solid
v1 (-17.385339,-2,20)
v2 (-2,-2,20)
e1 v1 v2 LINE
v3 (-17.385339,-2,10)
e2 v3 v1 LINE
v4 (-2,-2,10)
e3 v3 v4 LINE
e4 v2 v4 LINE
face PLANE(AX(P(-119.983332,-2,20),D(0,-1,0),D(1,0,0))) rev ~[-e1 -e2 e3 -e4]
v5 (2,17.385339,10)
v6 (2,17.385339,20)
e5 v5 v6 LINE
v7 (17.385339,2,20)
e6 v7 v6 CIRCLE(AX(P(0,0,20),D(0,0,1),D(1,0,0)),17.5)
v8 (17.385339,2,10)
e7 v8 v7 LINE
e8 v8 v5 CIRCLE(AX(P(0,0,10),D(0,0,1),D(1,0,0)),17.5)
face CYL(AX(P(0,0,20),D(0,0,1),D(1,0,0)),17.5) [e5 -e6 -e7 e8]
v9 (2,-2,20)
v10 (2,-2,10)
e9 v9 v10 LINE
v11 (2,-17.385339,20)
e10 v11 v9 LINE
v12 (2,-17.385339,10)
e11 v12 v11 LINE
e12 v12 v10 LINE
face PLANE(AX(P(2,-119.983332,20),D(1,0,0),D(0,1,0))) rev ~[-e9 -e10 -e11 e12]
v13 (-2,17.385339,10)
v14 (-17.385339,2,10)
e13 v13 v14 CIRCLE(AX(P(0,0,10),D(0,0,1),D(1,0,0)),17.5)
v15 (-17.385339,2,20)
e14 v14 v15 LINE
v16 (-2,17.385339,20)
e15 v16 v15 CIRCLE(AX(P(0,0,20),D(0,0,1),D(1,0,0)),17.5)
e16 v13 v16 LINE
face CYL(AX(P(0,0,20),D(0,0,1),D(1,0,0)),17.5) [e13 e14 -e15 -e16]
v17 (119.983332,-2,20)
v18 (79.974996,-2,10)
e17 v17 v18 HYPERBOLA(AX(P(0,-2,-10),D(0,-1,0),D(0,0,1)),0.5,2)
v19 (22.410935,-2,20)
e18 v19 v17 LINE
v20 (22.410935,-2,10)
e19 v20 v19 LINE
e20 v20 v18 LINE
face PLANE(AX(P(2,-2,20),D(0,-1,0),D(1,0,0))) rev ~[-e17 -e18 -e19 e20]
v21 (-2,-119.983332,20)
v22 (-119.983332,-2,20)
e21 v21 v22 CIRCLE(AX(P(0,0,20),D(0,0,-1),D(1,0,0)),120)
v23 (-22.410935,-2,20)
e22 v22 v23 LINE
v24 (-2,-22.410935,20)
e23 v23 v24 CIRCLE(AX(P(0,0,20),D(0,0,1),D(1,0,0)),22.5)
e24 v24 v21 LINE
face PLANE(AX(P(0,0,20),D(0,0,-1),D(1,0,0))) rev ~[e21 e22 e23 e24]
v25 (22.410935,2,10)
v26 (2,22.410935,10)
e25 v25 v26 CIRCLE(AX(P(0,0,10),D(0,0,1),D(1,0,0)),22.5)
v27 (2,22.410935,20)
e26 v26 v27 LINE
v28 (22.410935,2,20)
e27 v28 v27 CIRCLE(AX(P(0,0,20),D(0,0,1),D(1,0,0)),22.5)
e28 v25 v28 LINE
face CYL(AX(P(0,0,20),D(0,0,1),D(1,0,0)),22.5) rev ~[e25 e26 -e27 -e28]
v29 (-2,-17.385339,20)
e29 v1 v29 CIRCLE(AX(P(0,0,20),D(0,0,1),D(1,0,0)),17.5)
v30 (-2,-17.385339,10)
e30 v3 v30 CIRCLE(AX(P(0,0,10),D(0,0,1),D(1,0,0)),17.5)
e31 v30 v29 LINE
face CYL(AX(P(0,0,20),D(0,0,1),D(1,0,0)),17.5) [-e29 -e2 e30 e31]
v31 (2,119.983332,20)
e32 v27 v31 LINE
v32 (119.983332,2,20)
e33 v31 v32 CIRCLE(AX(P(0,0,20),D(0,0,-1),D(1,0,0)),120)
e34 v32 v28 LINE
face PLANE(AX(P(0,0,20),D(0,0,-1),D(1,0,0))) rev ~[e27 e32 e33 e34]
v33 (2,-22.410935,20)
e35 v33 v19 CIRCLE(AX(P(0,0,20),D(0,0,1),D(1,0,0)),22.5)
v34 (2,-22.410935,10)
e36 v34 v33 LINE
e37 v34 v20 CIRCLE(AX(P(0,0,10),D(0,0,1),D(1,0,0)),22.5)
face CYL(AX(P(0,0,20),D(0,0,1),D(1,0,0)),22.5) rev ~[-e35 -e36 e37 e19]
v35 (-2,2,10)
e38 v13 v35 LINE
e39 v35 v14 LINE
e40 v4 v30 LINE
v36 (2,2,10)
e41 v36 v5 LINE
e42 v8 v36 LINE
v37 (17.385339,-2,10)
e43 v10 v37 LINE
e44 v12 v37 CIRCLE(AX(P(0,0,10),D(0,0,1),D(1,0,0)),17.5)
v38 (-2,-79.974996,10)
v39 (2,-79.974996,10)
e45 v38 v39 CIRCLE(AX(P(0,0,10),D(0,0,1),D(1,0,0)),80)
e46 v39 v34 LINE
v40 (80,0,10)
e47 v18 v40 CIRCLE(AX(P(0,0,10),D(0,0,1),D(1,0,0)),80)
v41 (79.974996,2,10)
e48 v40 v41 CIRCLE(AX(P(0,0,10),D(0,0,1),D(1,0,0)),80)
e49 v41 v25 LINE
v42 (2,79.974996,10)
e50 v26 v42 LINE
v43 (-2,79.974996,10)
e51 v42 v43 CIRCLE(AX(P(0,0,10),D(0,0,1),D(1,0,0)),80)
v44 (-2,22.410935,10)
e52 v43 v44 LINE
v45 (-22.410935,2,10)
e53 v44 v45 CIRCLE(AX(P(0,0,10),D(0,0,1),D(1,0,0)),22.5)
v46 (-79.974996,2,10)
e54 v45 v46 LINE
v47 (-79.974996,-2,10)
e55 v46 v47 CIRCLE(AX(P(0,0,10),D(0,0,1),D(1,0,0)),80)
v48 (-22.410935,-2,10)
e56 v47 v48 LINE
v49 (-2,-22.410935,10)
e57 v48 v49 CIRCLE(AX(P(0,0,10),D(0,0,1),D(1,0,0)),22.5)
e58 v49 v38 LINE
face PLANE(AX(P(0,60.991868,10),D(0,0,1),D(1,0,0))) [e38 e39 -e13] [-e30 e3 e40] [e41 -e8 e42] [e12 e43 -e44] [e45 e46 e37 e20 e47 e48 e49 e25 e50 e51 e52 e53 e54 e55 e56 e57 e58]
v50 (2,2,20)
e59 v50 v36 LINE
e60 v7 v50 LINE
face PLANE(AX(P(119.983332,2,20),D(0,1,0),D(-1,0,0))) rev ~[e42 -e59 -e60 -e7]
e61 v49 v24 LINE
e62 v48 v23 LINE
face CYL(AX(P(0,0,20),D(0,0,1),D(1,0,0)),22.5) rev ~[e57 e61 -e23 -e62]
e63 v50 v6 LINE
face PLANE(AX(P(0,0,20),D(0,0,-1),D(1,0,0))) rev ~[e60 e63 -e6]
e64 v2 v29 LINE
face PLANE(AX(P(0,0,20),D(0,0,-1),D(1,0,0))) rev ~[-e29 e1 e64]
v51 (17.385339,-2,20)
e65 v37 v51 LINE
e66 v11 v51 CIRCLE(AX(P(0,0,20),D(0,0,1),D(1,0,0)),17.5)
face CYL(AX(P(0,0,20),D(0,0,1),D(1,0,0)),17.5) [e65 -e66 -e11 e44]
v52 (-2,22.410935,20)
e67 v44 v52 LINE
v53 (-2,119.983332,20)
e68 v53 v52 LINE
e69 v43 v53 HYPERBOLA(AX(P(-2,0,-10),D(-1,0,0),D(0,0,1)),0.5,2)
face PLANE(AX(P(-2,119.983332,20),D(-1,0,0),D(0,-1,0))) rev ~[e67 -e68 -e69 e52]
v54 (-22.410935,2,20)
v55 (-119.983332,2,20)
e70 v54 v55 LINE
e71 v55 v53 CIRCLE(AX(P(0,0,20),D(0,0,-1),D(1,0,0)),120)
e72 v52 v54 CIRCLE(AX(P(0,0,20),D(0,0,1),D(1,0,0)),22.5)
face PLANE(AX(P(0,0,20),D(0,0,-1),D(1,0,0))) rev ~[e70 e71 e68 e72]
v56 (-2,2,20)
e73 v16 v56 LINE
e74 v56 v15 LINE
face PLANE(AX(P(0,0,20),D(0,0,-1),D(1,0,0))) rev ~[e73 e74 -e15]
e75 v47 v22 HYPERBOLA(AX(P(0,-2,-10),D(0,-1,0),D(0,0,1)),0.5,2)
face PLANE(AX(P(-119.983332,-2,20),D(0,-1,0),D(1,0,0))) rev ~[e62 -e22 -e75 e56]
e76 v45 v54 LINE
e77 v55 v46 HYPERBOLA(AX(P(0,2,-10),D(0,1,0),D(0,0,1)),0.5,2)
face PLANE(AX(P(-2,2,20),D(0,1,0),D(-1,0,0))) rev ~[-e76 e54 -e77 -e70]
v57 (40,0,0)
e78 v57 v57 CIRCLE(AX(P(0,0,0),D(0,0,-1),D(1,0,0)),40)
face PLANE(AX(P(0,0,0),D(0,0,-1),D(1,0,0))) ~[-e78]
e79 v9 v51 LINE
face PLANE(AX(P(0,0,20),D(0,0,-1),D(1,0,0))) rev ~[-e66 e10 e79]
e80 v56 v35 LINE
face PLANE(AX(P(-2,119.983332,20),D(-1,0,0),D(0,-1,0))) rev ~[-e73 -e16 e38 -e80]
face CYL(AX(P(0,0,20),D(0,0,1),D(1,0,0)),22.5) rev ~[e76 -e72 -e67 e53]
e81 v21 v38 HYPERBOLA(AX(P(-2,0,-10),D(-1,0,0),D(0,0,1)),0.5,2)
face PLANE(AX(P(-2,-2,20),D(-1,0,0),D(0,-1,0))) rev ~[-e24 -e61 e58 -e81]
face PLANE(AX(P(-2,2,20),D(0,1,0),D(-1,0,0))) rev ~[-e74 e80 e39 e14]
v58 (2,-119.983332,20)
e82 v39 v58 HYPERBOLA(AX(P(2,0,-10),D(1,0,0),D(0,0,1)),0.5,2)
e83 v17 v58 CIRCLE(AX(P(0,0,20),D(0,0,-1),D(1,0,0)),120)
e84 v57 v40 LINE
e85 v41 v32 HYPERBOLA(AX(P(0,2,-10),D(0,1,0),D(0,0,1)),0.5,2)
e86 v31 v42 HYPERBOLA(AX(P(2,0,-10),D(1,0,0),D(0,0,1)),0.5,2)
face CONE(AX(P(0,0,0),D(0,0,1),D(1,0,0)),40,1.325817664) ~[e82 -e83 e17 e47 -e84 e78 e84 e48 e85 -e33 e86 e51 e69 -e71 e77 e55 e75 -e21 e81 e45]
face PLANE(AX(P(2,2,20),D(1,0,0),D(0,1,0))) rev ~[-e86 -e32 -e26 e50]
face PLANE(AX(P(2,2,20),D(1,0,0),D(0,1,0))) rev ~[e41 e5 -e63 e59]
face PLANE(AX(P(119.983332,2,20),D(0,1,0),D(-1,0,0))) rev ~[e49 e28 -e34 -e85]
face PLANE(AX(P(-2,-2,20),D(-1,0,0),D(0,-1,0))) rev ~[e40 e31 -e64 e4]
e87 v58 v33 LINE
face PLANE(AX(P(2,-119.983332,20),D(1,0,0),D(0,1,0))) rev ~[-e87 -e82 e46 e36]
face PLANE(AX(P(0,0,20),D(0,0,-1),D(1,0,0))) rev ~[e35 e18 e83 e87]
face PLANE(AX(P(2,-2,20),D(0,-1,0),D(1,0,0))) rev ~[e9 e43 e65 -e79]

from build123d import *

# Parameters (mm, degrees)
F2_R     = 22.5
F2_R_2   = 17.5
F3_DEPTH = 10
F4_W     = 4
F4_H     = 4
F5_DEPTH = 10


with BuildPart() as f1:
    # F0 (on Front) → F1 (revolve)
    with BuildSketch(Plane.XZ):
        Polygon((0, 20), (0, 0), (40, 0), (120, 20), align=None)
    revolve(axis=Axis((0, 0, 10), (0, 0, -1)))

    # F2 (on face) → F3 (cut)
    with BuildSketch(Plane.XY.offset(20)):
        Circle(F2_R)
        Circle(F2_R_2, mode=Mode.SUBTRACT)
    extrude(amount=-F3_DEPTH, mode=Mode.SUBTRACT)

    # F4 (on face) → F5 (cut)
    with BuildSketch(Plane.XY.offset(20)):
        with BuildLine():
            Line((2, 2), (2, 119.9833321758))
            ThreePointArc((2, 119.9833321758), (0, 120), (-2, 119.9833321758))
            Line((-2, 119.9833321758), (-2, 2))
            Line((-2, 2), (2, 2))
        make_face()
        with BuildLine():
            Line((119.9833321758, 2), (2, 2))
            Line((2, 2), (2, -2))
            Line((2, -2), (119.9833321758, -2))
            ThreePointArc((119.9833321758, -2), (120, 0), (119.9833321758, 2))
        make_face()
        Rectangle(F4_W, F4_H)
        with BuildLine():
            Line((2, -119.9833321758), (2, -2))
            Line((2, -2), (-2, -2))
            Line((-2, -2), (-2, -119.9833321758))
            ThreePointArc((-2, -119.9833321758), (0, -120), (2, -119.9833321758))
        make_face()
        with BuildLine():
            Line((-2, -2), (-2, 2))
            Line((-2, 2), (-119.9833321758, 2))
            ThreePointArc((-119.9833321758, 2), (-120, 0), (-119.9833321758, -2))
            Line((-119.9833321758, -2), (-2, -2))
        make_face()
    extrude(amount=-F5_DEPTH, mode=Mode.SUBTRACT)


solid = f1.part
